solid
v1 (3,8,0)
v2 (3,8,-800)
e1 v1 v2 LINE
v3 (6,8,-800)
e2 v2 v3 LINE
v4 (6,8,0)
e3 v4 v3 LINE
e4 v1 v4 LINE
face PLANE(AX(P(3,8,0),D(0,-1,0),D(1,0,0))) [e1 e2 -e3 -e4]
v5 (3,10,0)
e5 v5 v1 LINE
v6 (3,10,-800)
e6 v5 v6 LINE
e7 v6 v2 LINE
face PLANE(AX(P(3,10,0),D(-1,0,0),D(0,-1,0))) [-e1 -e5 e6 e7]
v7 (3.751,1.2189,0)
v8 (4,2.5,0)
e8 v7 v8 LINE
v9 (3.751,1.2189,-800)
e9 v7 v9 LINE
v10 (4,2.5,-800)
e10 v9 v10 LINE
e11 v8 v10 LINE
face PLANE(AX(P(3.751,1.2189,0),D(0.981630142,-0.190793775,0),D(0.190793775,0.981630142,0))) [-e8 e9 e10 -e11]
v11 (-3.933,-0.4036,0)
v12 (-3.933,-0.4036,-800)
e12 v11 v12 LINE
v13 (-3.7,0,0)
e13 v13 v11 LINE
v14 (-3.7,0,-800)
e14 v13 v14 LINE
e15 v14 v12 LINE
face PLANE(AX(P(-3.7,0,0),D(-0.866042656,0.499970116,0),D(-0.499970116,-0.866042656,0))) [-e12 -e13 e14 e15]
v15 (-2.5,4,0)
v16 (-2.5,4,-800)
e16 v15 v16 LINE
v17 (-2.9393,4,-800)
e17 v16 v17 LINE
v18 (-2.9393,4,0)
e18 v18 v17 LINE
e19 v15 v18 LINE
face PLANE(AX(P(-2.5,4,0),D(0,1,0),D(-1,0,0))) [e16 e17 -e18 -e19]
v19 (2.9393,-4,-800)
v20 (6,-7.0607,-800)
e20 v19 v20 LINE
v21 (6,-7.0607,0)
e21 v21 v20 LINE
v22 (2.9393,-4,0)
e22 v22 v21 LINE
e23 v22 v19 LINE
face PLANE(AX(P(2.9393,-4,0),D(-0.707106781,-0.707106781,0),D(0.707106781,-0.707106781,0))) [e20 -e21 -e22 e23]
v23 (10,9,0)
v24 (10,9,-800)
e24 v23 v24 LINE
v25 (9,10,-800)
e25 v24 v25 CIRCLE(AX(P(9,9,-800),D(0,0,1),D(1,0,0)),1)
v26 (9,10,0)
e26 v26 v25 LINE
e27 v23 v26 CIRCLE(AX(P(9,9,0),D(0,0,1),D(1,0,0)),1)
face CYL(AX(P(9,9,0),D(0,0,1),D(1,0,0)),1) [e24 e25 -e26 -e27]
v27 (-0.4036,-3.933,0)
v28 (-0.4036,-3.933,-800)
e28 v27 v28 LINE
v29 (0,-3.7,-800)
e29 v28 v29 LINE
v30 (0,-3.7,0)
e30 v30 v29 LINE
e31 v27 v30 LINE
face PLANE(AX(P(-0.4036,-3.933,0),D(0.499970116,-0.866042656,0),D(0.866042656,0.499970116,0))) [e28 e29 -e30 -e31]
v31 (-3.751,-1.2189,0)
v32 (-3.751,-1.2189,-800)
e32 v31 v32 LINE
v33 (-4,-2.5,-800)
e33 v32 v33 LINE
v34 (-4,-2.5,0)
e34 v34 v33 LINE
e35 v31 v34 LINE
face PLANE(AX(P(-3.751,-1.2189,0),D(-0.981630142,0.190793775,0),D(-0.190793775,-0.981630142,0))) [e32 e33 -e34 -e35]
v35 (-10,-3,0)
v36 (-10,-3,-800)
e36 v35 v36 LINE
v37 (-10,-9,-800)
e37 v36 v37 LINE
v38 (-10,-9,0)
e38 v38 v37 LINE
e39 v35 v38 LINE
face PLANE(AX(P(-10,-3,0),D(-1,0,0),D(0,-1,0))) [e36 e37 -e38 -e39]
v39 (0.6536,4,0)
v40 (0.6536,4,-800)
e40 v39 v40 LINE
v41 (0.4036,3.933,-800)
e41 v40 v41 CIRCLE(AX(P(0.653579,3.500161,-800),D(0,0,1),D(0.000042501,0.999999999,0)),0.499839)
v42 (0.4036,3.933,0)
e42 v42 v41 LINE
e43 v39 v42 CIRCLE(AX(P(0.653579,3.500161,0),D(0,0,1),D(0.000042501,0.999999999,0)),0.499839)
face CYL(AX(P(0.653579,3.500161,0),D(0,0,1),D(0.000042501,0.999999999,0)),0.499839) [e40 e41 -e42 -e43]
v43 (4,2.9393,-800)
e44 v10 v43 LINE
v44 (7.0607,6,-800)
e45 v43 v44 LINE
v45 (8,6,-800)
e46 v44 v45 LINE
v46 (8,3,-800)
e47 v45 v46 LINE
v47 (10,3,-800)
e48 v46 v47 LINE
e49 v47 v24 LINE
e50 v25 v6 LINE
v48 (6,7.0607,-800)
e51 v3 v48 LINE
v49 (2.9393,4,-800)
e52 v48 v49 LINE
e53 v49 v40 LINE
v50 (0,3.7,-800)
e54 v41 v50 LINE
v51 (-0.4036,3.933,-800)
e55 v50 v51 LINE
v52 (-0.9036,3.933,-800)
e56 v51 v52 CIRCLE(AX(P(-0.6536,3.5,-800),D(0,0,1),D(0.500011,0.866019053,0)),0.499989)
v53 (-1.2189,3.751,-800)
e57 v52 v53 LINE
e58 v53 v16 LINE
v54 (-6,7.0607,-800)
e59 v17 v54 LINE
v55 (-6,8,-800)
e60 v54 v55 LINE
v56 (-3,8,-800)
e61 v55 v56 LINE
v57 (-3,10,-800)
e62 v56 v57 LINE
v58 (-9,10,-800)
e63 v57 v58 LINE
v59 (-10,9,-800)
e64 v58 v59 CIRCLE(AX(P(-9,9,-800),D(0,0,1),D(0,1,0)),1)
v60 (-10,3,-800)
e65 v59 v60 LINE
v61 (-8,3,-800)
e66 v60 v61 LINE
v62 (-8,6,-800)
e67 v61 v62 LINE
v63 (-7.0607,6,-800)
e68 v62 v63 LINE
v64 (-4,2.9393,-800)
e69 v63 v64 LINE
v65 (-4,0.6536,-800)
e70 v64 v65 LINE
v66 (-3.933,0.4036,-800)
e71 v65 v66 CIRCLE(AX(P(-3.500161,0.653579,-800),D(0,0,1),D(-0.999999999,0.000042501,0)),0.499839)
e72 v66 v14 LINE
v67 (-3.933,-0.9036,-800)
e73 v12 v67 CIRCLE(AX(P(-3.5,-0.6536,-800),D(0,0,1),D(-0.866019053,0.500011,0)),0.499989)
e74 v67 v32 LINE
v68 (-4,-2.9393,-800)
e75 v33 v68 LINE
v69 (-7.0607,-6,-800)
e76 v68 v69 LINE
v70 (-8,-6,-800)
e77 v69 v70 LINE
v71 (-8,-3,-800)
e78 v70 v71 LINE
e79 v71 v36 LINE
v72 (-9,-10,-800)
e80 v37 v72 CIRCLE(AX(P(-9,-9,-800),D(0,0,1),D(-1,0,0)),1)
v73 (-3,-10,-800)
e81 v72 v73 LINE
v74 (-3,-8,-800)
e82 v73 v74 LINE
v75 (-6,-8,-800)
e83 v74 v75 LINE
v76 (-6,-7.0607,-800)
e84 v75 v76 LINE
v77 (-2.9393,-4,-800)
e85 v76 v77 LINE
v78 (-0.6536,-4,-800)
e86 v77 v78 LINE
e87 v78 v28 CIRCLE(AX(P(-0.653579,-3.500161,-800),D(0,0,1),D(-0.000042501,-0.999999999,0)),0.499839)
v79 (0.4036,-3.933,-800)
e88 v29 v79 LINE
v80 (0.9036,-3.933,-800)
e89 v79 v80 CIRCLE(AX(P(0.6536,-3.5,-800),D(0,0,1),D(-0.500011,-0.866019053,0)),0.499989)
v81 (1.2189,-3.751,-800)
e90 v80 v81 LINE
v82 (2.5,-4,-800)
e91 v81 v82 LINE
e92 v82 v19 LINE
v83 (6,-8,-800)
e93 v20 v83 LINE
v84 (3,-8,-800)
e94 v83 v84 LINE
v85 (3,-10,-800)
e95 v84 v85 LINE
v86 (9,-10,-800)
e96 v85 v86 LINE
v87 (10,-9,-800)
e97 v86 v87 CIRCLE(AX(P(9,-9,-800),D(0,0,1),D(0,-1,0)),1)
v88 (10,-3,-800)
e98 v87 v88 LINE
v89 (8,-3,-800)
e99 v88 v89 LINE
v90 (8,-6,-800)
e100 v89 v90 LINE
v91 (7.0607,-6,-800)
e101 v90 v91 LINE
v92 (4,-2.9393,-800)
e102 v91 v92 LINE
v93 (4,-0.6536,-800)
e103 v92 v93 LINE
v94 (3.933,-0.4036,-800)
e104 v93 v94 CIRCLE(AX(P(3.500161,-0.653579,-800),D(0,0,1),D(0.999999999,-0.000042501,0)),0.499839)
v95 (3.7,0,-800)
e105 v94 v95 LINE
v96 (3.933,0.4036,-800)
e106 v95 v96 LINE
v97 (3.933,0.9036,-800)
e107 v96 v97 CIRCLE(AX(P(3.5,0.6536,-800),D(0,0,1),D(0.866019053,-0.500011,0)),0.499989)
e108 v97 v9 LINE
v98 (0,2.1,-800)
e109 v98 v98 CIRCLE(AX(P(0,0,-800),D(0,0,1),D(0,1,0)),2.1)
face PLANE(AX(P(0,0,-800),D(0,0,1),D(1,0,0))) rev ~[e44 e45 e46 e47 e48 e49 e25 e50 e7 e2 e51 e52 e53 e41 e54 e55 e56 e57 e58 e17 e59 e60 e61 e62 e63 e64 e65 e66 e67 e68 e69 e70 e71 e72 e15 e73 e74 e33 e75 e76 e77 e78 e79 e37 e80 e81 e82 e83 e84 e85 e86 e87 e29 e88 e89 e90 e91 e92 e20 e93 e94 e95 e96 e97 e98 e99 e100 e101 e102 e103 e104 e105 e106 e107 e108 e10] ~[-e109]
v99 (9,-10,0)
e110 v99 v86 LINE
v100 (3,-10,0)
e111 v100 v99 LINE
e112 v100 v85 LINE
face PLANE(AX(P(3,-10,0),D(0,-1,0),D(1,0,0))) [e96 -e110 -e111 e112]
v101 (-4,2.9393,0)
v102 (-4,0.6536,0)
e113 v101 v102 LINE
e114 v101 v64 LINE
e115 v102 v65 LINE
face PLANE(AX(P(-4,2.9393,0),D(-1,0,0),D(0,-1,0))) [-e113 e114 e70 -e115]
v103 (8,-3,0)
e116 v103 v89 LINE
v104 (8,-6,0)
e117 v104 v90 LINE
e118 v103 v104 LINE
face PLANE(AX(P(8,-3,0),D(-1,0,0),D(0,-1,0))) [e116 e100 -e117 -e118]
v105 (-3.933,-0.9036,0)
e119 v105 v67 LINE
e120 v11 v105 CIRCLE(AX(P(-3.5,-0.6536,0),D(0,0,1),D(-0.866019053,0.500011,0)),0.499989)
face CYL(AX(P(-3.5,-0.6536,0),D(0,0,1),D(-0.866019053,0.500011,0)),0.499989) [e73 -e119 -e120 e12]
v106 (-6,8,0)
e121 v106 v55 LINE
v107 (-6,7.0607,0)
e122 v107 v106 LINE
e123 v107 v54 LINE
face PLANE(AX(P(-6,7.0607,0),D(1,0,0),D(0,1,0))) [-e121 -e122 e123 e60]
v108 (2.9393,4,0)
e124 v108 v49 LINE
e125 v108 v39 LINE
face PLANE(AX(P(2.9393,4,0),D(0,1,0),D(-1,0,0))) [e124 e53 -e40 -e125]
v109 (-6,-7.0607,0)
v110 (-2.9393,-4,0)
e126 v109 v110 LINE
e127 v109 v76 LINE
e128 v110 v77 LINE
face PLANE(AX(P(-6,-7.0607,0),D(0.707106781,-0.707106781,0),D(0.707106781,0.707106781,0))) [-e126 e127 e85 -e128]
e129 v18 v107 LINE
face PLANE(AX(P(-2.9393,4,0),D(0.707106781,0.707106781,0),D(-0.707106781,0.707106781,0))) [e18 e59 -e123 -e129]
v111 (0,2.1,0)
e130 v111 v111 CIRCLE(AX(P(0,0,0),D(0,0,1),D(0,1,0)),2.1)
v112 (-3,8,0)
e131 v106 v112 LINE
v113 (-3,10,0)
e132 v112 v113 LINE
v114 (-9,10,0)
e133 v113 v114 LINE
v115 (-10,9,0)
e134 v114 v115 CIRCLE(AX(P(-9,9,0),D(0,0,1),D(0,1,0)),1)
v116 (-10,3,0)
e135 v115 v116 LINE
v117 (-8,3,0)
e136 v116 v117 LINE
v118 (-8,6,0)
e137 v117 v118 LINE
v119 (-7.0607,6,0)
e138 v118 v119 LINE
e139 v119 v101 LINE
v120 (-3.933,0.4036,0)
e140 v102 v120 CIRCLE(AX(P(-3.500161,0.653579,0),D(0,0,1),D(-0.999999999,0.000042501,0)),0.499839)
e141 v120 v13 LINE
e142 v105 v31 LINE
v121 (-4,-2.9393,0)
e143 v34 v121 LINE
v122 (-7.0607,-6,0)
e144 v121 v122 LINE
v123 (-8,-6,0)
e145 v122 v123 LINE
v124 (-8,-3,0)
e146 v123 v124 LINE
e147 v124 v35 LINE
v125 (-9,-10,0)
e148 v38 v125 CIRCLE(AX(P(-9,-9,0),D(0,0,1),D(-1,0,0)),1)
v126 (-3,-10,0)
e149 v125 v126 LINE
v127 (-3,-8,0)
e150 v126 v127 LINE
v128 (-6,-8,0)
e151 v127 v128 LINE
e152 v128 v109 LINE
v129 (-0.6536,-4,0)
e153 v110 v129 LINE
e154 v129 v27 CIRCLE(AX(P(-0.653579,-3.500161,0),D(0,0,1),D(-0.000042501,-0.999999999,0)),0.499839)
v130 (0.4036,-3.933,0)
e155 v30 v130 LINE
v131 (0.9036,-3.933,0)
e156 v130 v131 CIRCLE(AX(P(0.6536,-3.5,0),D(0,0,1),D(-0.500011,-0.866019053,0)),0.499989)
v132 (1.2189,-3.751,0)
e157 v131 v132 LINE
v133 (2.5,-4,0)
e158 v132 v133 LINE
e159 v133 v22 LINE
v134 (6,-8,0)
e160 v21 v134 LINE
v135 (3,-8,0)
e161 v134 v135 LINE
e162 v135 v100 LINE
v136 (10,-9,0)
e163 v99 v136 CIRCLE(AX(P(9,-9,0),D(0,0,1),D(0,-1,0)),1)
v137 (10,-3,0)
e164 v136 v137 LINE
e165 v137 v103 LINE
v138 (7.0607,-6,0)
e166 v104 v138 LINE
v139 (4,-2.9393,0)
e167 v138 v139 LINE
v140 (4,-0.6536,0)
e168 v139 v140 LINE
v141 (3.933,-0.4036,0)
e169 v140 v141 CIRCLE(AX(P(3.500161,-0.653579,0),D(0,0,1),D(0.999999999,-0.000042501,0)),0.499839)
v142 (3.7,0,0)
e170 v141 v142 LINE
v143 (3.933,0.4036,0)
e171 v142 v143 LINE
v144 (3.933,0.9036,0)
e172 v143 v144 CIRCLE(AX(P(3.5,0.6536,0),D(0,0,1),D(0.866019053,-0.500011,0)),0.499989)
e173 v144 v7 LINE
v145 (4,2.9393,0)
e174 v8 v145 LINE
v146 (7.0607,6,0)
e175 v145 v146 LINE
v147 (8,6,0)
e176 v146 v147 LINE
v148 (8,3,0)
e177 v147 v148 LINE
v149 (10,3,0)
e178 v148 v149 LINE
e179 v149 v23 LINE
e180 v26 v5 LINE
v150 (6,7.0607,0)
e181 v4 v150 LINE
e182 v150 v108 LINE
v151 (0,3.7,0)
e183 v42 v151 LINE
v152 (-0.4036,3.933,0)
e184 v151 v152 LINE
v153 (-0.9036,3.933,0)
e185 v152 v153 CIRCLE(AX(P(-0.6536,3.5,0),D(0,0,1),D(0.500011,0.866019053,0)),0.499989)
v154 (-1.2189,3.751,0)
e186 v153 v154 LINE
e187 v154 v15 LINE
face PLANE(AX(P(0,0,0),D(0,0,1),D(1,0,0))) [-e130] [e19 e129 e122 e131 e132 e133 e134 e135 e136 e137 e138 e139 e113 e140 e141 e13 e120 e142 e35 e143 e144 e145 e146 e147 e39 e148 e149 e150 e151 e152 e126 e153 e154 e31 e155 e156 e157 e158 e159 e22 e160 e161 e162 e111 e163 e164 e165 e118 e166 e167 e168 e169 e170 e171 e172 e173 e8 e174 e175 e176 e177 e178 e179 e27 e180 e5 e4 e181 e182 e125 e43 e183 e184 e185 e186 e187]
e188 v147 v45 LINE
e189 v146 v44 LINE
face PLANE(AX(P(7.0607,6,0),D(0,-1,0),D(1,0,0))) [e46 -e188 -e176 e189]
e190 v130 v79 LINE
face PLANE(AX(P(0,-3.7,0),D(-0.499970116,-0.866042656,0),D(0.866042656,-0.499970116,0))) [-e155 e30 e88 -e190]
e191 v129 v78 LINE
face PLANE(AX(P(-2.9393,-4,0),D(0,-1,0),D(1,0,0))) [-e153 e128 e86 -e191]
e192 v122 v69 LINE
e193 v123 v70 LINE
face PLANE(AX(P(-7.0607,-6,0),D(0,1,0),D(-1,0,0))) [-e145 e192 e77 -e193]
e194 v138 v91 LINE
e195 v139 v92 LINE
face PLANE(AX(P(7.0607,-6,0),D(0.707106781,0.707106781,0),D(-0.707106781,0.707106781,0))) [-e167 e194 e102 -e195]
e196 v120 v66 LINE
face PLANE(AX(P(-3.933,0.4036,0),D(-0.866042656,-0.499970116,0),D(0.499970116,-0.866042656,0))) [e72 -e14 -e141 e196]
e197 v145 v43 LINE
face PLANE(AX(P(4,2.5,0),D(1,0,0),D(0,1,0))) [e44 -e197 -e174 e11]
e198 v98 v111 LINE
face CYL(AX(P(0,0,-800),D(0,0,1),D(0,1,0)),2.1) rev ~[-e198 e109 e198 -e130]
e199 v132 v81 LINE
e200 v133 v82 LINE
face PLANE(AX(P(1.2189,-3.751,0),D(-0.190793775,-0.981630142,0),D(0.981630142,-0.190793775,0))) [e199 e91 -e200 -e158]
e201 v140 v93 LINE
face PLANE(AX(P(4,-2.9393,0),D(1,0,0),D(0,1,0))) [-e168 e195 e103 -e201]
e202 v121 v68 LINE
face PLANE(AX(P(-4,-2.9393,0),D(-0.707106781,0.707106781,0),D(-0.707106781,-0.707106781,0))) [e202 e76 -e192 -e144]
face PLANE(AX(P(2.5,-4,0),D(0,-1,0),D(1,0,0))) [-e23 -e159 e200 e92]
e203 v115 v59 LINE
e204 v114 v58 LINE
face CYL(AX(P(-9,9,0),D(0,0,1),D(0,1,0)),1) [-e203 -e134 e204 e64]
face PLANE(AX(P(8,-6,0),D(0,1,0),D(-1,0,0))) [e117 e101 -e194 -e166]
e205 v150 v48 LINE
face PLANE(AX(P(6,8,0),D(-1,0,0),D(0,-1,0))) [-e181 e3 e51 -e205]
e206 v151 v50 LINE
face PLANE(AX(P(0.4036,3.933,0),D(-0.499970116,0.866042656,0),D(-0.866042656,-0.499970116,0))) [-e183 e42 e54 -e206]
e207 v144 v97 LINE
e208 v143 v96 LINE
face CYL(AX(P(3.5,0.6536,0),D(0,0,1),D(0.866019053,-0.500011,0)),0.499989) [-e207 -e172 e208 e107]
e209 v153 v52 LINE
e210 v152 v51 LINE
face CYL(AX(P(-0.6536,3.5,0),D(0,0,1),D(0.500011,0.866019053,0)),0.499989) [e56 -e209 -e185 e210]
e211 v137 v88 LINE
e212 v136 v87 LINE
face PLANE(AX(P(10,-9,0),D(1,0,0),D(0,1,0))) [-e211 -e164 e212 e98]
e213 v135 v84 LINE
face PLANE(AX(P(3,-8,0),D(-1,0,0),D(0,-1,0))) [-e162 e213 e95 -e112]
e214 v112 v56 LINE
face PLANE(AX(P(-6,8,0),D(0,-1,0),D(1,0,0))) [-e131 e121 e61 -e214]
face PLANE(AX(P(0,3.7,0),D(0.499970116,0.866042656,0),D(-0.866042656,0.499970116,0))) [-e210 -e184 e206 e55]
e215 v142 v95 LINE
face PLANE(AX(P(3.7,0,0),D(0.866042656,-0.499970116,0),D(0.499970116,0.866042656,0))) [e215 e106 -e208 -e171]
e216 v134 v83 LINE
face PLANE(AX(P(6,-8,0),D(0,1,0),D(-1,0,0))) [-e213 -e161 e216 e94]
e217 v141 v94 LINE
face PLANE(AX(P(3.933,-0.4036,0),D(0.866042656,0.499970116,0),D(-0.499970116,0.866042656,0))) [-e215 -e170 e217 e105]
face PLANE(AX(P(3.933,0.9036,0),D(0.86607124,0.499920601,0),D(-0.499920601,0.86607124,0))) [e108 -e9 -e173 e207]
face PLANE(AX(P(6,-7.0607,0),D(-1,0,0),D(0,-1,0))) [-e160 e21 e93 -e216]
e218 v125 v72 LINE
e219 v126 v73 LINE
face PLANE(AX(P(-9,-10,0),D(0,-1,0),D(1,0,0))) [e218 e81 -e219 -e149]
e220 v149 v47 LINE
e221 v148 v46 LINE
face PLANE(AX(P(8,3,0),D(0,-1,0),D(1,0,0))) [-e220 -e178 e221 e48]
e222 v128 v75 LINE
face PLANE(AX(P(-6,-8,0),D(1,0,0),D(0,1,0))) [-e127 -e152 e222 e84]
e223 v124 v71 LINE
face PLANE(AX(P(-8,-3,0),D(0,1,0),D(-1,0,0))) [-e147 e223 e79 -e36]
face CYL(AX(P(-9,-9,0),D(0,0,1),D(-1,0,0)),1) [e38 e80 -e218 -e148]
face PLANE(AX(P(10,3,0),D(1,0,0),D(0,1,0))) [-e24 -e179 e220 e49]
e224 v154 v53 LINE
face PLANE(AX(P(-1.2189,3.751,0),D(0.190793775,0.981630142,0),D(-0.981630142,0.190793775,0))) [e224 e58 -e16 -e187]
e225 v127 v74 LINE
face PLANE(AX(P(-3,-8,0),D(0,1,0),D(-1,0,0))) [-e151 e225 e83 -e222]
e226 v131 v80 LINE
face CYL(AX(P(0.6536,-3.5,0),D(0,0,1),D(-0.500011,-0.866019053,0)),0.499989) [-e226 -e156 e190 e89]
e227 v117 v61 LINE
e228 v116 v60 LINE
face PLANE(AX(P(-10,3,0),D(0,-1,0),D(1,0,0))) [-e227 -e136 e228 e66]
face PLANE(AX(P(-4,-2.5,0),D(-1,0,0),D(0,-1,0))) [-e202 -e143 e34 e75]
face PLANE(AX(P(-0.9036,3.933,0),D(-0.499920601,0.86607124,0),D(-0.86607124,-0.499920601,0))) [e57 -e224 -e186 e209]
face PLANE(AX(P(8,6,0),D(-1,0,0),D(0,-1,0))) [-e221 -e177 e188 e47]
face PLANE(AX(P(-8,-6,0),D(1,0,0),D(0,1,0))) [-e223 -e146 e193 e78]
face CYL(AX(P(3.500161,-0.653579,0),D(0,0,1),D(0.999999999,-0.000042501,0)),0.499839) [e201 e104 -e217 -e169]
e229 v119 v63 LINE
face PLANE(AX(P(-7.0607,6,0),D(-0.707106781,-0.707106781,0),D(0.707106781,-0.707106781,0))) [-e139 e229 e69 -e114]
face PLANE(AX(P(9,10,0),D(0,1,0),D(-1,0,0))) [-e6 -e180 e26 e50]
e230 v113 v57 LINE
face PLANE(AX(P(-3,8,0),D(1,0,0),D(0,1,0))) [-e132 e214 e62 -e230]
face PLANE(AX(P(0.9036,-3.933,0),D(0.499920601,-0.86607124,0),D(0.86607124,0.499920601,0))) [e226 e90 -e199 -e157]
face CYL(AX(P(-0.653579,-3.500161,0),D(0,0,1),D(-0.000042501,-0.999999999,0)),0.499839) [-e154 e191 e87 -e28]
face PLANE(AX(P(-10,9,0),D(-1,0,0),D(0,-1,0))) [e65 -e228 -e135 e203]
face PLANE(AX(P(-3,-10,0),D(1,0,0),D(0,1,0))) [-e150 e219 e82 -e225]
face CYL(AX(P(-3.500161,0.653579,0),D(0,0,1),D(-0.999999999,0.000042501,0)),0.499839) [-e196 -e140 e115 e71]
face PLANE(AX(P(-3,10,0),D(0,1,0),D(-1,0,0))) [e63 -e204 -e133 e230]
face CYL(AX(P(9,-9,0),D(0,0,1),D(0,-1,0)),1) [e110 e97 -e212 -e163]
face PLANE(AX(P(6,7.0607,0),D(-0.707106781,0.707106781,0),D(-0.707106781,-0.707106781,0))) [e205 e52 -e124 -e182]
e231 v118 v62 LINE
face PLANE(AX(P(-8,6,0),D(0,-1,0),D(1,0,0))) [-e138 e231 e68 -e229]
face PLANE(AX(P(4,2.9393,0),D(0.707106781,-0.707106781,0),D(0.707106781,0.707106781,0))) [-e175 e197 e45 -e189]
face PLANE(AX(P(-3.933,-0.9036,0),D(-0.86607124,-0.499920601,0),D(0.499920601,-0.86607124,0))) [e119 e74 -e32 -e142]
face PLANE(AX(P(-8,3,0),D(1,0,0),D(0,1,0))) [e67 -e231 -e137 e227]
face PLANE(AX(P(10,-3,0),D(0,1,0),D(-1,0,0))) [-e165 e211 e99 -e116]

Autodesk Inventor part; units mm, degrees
ref_plane "YZ Plane" through (0, 0, 0) normal (1, 0, 0) x (0, 1, 0)
ref_plane "XZ Plane" through (0, 0, 0) normal (0, 1, 0) x (-1, 0, 0)
ref_plane "XY Plane" through (0, 0, 0) normal (0, 0, 1) x (1, 0, 0)
sketch "_____4" plane through (0, 0, 0) normal (0, 0, 1) x (1, 0, 0)
  line L0 (-10, -3) -> (-10, -9)
  arc A0 (-10, -9) -> (-9, -10) centre (-9, -9) ccw
  line L1 (-9, -10) -> (-3, -10)
  line L2 (-3, -10) -> (-3, -8)
  line L3 (-3, -8) -> (-6, -8)
  line L4 (-6, -8) -> (-6, -7.0607)
  line L5 (-6, -7.0607) -> (-2.9393, -4)
  line L6 (-2.9393, -4) -> (-0.6536, -4)
  arc A1 (-0.6536, -4) -> (-0.4036, -3.933) centre (-0.6536, -3.5) ccw
  line L7 (-0.4036, -3.933) -> (0, -3.7)
  line L8 (0, -3.7) -> (0.4036, -3.933)
  arc A2 (0.4036, -3.933) -> (0.9036, -3.933) centre (0.6536, -3.5) ccw
  line L9 (0.9036, -3.933) -> (1.2189, -3.751)
  line L10 (1.2189, -3.751) -> (2.5, -4)
  line L11 (2.5, -4) -> (2.9393, -4)
  line L12 (2.9393, -4) -> (6, -7.0607)
  line L13 (6, -7.0607) -> (6, -8)
  line L14 (6, -8) -> (3, -8)
  line L15 (3, -8) -> (3, -10)
  line L16 (3, -10) -> (9, -10)
  arc A3 (9, -10) -> (10, -9) centre (9, -9) ccw
  line L17 (10, -9) -> (10, -3)
  line L18 (10, -3) -> (8, -3)
  line L19 (8, -3) -> (8, -6)
  line L20 (8, -6) -> (7.0607, -6)
  line L21 (7.0607, -6) -> (4, -2.9393)
  line L22 (4, -2.9393) -> (4, -0.6536)
  arc A4 (4, -0.6536) -> (3.933, -0.4036) centre (3.5, -0.6536) ccw
  line L23 (3.933, -0.4036) -> (3.7, 0)
  line L24 (3.7, 0) -> (3.933, 0.4036)
  arc A5 (3.933, 0.4036) -> (3.933, 0.9036) centre (3.5, 0.6536) ccw
  line L25 (3.933, 0.9036) -> (3.751, 1.2189)
  line L26 (3.751, 1.2189) -> (4, 2.5)
  line L27 (4, 2.5) -> (4, 2.9393)
  line L28 (4, 2.9393) -> (7.0607, 6)
  line L29 (7.0607, 6) -> (8, 6)
  line L30 (8, 6) -> (8, 3)
  line L31 (8, 3) -> (10, 3)
  line L32 (10, 3) -> (10, 9)
  arc A6 (10, 9) -> (9, 10) centre (9, 9) ccw
  line L33 (9, 10) -> (3, 10)
  line L34 (3, 10) -> (3, 8)
  line L35 (3, 8) -> (6, 8)
  line L36 (6, 8) -> (6, 7.0607)
  line L37 (6, 7.0607) -> (2.9393, 4)
  line L38 (2.9393, 4) -> (0.6536, 4)
  arc A7 (0.6536, 4) -> (0.4036, 3.933) centre (0.6536, 3.5) ccw
  line L39 (0.4036, 3.933) -> (0, 3.7)
  line L40 (0, 3.7) -> (-0.4036, 3.933)
  arc A8 (-0.4036, 3.933) -> (-0.9036, 3.933) centre (-0.6536, 3.5) ccw
  line L41 (-0.9036, 3.933) -> (-1.2189, 3.751)
  line L42 (-1.2189, 3.751) -> (-2.5, 4)
  line L43 (-2.5, 4) -> (-2.9393, 4)
  line L44 (-2.9393, 4) -> (-6, 7.0607)
  line L45 (-6, 7.0607) -> (-6, 8)
  line L46 (-6, 8) -> (-3, 8)
  line L47 (-3, 8) -> (-3, 10)
  line L48 (-3, 10) -> (-9, 10)
  arc A9 (-9, 10) -> (-10, 9) centre (-9, 9) ccw
  line L49 (-10, 9) -> (-10, 3)
  line L50 (-10, 3) -> (-8, 3)
  line L51 (-8, 3) -> (-8, 6)
  line L52 (-8, 6) -> (-7.0607, 6)
  line L53 (-7.0607, 6) -> (-4, 2.9393)
  line L54 (-4, 2.9393) -> (-4, 0.6536)
  arc A10 (-4, 0.6536) -> (-3.933, 0.4036) centre (-3.5, 0.6536) ccw
  line L55 (-3.933, 0.4036) -> (-3.7, 0)
  line L56 (-3.7, 0) -> (-3.933, -0.4036)
  arc A11 (-3.933, -0.4036) -> (-3.933, -0.9036) centre (-3.5, -0.6536) ccw
  line L57 (-3.933, -0.9036) -> (-3.751, -1.2189)
  line L58 (-3.751, -1.2189) -> (-4, -2.5)
  line L59 (-4, -2.5) -> (-4, -2.9393)
  line L60 (-4, -2.9393) -> (-7.0607, -6)
  line L61 (-7.0607, -6) -> (-8, -6)
  line L62 (-8, -6) -> (-8, -3)
  line L63 (-8, -3) -> (-10, -3)
extrude "Extrusion1" add sketch "_____4" against normal blind 800
sketch "Sketch2" plane through (0, 0, -800) normal (0, 0, -1) x (-1, 0, 0)
  point P0 (0, 0)
hole "Hole1" at (0, 0, -800) direction (0, 0, 1) diameter 4.2 depth 4000
properties part number "KNFS5-2020" material "アルミニウム 6061"
